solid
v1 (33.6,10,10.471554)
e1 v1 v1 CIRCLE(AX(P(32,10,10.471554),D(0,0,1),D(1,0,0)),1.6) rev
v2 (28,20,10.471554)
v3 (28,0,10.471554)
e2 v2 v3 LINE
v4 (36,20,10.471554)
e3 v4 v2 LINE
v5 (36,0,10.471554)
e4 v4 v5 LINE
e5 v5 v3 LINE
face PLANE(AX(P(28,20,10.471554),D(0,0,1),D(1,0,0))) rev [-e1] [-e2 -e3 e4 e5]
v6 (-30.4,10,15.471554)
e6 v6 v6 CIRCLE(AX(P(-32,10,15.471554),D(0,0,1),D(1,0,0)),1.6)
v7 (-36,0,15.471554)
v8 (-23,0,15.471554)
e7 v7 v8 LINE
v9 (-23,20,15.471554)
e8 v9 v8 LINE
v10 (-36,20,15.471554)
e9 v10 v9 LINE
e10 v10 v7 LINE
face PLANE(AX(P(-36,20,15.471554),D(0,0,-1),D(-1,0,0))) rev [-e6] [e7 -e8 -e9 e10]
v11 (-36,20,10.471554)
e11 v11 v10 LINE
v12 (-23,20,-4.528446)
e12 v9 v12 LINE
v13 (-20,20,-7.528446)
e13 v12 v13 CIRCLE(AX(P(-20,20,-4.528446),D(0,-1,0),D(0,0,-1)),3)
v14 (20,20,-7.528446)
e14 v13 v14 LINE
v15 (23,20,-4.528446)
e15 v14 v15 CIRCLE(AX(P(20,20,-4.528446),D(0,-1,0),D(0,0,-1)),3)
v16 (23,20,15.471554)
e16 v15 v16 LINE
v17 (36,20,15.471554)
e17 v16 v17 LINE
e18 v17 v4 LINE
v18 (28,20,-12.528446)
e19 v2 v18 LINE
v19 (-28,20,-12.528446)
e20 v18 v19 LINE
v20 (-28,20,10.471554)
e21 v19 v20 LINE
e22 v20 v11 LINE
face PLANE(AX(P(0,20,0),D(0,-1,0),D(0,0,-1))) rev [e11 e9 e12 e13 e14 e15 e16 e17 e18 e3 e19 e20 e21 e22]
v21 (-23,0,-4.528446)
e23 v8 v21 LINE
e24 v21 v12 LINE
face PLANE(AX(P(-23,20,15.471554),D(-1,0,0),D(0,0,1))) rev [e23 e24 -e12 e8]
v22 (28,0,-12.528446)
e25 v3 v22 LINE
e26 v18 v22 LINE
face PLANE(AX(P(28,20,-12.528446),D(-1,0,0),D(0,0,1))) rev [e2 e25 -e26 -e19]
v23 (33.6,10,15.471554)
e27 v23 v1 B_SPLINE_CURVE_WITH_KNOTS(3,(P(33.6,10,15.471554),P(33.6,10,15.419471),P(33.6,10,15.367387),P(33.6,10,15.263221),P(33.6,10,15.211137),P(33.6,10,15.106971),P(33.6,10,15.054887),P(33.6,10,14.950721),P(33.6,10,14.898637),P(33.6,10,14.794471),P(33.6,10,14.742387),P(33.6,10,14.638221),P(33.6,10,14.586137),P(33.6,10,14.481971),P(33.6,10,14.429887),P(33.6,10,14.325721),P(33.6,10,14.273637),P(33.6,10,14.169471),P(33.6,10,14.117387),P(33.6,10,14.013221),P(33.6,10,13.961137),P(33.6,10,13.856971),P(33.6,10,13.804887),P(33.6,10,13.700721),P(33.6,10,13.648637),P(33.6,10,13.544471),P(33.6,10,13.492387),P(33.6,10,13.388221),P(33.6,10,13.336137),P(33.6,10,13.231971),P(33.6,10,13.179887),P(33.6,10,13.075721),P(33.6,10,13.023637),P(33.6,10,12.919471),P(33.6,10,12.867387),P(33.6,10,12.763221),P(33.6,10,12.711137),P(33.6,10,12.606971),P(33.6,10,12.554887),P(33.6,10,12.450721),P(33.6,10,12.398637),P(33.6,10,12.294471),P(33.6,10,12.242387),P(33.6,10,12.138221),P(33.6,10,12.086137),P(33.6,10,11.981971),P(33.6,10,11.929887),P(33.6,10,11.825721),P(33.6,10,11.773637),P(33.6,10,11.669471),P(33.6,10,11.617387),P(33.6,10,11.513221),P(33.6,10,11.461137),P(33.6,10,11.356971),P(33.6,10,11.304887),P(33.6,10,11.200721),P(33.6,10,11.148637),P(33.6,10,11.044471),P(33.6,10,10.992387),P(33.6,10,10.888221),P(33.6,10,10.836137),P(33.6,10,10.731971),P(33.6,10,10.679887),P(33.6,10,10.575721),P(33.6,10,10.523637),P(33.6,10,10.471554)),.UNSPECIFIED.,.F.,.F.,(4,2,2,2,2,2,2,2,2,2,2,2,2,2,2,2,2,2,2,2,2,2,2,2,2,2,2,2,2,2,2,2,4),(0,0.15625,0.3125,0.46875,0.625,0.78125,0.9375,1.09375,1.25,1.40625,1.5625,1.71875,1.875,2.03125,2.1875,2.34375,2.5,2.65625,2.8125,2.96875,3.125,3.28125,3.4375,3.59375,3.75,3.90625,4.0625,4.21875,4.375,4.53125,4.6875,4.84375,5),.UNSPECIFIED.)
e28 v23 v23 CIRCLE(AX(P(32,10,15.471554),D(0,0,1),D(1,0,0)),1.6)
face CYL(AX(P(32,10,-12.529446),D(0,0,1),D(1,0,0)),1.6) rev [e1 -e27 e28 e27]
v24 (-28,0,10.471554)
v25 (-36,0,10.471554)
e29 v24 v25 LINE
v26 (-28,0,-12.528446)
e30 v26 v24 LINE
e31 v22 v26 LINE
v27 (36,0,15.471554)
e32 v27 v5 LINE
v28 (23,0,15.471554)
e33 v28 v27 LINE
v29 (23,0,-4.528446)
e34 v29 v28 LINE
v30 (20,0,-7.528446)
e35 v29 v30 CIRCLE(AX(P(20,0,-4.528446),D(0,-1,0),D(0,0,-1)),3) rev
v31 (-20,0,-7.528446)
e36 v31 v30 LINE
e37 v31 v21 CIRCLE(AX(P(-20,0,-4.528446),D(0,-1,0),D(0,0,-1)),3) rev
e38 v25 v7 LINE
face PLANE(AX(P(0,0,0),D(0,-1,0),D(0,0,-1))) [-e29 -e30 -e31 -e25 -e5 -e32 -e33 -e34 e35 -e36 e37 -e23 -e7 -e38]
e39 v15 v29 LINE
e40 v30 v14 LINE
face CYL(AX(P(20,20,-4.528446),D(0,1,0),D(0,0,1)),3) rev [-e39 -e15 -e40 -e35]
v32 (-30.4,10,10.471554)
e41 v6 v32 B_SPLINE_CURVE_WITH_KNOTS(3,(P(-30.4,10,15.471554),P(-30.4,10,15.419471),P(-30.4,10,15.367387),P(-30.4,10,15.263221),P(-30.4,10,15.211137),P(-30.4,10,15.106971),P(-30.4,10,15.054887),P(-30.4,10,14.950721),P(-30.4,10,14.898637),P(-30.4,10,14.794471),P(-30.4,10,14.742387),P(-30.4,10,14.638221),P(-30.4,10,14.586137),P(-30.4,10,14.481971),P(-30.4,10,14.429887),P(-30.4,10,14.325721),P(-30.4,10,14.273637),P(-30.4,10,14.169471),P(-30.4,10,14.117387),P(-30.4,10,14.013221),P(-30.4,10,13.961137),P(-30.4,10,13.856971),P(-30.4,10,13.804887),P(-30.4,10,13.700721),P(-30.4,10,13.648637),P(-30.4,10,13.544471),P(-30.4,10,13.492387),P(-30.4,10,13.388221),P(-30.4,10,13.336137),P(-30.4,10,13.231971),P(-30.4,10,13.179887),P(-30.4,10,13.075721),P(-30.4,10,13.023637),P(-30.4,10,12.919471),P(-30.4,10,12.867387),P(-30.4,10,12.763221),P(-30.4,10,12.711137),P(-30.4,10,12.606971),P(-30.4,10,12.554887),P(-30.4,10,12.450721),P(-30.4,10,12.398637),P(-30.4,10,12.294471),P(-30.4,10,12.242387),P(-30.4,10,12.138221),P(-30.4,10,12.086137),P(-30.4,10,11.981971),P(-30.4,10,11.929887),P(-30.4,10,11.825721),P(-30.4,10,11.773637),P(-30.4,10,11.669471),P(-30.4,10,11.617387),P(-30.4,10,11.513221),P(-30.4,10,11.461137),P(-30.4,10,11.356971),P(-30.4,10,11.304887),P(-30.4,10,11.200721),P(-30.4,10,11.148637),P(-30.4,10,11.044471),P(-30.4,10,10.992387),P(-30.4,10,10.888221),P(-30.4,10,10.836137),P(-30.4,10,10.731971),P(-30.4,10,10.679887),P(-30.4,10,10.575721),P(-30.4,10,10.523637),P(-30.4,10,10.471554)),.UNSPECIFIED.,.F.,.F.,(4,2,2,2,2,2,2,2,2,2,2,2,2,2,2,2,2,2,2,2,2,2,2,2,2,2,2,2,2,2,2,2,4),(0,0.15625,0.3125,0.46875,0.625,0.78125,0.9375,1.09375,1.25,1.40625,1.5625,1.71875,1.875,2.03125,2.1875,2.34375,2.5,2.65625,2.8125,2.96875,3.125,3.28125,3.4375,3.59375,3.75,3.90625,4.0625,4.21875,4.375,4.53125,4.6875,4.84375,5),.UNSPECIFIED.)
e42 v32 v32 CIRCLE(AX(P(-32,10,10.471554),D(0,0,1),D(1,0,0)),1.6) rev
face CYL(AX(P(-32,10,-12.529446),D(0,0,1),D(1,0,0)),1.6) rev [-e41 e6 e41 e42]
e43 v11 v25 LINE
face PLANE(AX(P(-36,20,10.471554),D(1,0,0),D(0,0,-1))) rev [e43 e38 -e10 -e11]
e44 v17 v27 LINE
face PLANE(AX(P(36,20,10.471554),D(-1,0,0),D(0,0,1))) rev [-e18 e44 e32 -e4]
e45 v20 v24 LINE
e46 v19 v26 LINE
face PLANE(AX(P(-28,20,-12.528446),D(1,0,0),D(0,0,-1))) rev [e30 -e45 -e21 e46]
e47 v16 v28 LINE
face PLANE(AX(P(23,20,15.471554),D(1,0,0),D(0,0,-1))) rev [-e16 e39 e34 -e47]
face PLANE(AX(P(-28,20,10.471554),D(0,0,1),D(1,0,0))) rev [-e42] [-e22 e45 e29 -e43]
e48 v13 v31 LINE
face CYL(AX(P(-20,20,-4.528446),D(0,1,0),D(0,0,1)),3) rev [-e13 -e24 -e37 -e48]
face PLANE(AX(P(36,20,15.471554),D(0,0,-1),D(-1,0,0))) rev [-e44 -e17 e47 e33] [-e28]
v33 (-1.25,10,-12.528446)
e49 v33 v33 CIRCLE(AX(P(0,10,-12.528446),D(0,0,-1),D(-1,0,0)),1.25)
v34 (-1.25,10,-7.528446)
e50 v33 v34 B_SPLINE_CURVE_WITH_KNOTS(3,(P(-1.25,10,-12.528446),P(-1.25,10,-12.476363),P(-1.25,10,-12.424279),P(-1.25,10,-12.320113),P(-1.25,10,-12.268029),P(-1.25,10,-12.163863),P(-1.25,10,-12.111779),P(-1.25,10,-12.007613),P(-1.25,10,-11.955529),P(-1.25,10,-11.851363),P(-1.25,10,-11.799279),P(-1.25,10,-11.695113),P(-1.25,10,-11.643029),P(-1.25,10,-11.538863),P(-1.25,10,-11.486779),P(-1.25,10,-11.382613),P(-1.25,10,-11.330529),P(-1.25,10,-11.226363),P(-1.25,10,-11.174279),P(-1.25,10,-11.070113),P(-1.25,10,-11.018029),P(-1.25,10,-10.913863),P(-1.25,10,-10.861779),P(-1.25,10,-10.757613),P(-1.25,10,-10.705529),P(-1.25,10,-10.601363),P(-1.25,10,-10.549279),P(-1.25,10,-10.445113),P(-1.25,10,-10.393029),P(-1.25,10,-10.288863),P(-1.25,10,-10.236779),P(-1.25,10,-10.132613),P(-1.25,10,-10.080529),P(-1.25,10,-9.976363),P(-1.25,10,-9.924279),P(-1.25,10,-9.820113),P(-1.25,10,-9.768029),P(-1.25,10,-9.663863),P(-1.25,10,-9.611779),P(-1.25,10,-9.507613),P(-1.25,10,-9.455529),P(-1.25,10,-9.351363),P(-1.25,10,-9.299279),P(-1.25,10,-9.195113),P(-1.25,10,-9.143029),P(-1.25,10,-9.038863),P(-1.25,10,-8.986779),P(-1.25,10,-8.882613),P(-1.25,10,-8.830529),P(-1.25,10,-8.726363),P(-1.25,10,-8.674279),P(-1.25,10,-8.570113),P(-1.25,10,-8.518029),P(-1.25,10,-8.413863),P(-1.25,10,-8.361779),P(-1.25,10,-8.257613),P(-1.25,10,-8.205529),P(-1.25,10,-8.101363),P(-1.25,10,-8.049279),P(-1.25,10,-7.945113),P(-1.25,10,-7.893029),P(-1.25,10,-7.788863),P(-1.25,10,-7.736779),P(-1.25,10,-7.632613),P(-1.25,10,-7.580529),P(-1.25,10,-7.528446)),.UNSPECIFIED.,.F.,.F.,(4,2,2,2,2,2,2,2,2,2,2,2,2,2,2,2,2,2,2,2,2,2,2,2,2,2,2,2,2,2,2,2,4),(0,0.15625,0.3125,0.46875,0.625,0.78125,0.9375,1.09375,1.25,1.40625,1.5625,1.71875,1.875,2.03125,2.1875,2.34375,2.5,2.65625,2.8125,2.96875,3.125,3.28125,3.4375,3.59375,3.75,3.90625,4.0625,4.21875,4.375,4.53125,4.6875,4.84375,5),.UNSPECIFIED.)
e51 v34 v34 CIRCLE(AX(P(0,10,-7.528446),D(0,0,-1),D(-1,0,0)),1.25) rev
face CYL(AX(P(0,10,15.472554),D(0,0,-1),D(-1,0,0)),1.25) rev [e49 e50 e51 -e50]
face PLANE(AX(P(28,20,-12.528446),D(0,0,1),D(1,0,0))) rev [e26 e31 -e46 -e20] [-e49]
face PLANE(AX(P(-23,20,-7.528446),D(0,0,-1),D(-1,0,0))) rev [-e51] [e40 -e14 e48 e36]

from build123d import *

# Parameters (mm, degrees)
BOSS_EXTRUDE1_DEPTH = 20
FILLET1_R           = 3
CUT_EXTRUDE1_REACH  = 51.8
SKETCH3_R           = 1.6
CUT_EXTRUDE2_REACH  = 51.8
SKETCH4_R           = 1.25


with BuildPart() as part:
    # Sketch1 → Boss-Extrude1 (new body)
    with BuildSketch(Plane(origin=(0, 0, 0), x_dir=(1, 0, 0), z_dir=(0, 1, 0))):
        Polygon((28, 12.528445914), (-28, 12.528445914), (-28, -10.471554086), (-36, -10.471554086), (-36, -15.471554086), (-23, -15.471554086), (-23, 7.528445914), (23, 7.528445914), (23, -15.471554086), (36, -15.471554086), (36, -10.471554086), (28, -10.471554086), align=None)
    extrude(amount=BOSS_EXTRUDE1_DEPTH)

    # Fillet1
    fillet1_edges = [part.edges().sort_by_distance(p)[0] for p in [
        (23, 10, -7.528445914),
        (-23, 10, -7.528445914),
    ]]
    fillet(fillet1_edges, radius=FILLET1_R)

    # Sketch3 → Cut-Extrude1 (cut, up to next)
    with BuildSketch(Plane.XY.offset(15.471554086), mode=Mode.PRIVATE) as cut_extrude1_sk1:
        with Locations((-32, 10)):
            Circle(SKETCH3_R)
    cut_extrude1_tool1 = extrude(cut_extrude1_sk1.sketch, amount=-CUT_EXTRUDE1_REACH, mode=Mode.PRIVATE) & part.part
    # Sketch3 → Cut-Extrude1 (cut, up to next)
    with BuildSketch(Plane.XY.offset(15.471554086), mode=Mode.PRIVATE) as cut_extrude1_sk2:
        with Locations((32, 10)):
            Circle(SKETCH3_R)
    cut_extrude1_tool2 = extrude(cut_extrude1_sk2.sketch, amount=-CUT_EXTRUDE1_REACH, mode=Mode.PRIVATE) & part.part
    add(cut_extrude1_tool1.solids().sort_by_distance((-32, 10, 15.471554))[0], mode=Mode.SUBTRACT)
    add(cut_extrude1_tool2.solids().sort_by_distance((32, 10, 15.471554))[0], mode=Mode.SUBTRACT)

    # Sketch4 → Cut-Extrude2 (cut, up to next)
    with BuildSketch(Plane(origin=(0, 0, -12.528445914), x_dir=(-1, 0, 0), z_dir=(0, 0, -1)), mode=Mode.PRIVATE) as cut_extrude2_sk1:
        with Locations((0, 10)):
            Circle(SKETCH4_R)
    cut_extrude2_tool1 = extrude(cut_extrude2_sk1.sketch, amount=-CUT_EXTRUDE2_REACH, mode=Mode.PRIVATE) & part.part
    add(cut_extrude2_tool1.solids().sort_by_distance((0, 10, -12.528446))[0], mode=Mode.SUBTRACT)


solid = part.part
